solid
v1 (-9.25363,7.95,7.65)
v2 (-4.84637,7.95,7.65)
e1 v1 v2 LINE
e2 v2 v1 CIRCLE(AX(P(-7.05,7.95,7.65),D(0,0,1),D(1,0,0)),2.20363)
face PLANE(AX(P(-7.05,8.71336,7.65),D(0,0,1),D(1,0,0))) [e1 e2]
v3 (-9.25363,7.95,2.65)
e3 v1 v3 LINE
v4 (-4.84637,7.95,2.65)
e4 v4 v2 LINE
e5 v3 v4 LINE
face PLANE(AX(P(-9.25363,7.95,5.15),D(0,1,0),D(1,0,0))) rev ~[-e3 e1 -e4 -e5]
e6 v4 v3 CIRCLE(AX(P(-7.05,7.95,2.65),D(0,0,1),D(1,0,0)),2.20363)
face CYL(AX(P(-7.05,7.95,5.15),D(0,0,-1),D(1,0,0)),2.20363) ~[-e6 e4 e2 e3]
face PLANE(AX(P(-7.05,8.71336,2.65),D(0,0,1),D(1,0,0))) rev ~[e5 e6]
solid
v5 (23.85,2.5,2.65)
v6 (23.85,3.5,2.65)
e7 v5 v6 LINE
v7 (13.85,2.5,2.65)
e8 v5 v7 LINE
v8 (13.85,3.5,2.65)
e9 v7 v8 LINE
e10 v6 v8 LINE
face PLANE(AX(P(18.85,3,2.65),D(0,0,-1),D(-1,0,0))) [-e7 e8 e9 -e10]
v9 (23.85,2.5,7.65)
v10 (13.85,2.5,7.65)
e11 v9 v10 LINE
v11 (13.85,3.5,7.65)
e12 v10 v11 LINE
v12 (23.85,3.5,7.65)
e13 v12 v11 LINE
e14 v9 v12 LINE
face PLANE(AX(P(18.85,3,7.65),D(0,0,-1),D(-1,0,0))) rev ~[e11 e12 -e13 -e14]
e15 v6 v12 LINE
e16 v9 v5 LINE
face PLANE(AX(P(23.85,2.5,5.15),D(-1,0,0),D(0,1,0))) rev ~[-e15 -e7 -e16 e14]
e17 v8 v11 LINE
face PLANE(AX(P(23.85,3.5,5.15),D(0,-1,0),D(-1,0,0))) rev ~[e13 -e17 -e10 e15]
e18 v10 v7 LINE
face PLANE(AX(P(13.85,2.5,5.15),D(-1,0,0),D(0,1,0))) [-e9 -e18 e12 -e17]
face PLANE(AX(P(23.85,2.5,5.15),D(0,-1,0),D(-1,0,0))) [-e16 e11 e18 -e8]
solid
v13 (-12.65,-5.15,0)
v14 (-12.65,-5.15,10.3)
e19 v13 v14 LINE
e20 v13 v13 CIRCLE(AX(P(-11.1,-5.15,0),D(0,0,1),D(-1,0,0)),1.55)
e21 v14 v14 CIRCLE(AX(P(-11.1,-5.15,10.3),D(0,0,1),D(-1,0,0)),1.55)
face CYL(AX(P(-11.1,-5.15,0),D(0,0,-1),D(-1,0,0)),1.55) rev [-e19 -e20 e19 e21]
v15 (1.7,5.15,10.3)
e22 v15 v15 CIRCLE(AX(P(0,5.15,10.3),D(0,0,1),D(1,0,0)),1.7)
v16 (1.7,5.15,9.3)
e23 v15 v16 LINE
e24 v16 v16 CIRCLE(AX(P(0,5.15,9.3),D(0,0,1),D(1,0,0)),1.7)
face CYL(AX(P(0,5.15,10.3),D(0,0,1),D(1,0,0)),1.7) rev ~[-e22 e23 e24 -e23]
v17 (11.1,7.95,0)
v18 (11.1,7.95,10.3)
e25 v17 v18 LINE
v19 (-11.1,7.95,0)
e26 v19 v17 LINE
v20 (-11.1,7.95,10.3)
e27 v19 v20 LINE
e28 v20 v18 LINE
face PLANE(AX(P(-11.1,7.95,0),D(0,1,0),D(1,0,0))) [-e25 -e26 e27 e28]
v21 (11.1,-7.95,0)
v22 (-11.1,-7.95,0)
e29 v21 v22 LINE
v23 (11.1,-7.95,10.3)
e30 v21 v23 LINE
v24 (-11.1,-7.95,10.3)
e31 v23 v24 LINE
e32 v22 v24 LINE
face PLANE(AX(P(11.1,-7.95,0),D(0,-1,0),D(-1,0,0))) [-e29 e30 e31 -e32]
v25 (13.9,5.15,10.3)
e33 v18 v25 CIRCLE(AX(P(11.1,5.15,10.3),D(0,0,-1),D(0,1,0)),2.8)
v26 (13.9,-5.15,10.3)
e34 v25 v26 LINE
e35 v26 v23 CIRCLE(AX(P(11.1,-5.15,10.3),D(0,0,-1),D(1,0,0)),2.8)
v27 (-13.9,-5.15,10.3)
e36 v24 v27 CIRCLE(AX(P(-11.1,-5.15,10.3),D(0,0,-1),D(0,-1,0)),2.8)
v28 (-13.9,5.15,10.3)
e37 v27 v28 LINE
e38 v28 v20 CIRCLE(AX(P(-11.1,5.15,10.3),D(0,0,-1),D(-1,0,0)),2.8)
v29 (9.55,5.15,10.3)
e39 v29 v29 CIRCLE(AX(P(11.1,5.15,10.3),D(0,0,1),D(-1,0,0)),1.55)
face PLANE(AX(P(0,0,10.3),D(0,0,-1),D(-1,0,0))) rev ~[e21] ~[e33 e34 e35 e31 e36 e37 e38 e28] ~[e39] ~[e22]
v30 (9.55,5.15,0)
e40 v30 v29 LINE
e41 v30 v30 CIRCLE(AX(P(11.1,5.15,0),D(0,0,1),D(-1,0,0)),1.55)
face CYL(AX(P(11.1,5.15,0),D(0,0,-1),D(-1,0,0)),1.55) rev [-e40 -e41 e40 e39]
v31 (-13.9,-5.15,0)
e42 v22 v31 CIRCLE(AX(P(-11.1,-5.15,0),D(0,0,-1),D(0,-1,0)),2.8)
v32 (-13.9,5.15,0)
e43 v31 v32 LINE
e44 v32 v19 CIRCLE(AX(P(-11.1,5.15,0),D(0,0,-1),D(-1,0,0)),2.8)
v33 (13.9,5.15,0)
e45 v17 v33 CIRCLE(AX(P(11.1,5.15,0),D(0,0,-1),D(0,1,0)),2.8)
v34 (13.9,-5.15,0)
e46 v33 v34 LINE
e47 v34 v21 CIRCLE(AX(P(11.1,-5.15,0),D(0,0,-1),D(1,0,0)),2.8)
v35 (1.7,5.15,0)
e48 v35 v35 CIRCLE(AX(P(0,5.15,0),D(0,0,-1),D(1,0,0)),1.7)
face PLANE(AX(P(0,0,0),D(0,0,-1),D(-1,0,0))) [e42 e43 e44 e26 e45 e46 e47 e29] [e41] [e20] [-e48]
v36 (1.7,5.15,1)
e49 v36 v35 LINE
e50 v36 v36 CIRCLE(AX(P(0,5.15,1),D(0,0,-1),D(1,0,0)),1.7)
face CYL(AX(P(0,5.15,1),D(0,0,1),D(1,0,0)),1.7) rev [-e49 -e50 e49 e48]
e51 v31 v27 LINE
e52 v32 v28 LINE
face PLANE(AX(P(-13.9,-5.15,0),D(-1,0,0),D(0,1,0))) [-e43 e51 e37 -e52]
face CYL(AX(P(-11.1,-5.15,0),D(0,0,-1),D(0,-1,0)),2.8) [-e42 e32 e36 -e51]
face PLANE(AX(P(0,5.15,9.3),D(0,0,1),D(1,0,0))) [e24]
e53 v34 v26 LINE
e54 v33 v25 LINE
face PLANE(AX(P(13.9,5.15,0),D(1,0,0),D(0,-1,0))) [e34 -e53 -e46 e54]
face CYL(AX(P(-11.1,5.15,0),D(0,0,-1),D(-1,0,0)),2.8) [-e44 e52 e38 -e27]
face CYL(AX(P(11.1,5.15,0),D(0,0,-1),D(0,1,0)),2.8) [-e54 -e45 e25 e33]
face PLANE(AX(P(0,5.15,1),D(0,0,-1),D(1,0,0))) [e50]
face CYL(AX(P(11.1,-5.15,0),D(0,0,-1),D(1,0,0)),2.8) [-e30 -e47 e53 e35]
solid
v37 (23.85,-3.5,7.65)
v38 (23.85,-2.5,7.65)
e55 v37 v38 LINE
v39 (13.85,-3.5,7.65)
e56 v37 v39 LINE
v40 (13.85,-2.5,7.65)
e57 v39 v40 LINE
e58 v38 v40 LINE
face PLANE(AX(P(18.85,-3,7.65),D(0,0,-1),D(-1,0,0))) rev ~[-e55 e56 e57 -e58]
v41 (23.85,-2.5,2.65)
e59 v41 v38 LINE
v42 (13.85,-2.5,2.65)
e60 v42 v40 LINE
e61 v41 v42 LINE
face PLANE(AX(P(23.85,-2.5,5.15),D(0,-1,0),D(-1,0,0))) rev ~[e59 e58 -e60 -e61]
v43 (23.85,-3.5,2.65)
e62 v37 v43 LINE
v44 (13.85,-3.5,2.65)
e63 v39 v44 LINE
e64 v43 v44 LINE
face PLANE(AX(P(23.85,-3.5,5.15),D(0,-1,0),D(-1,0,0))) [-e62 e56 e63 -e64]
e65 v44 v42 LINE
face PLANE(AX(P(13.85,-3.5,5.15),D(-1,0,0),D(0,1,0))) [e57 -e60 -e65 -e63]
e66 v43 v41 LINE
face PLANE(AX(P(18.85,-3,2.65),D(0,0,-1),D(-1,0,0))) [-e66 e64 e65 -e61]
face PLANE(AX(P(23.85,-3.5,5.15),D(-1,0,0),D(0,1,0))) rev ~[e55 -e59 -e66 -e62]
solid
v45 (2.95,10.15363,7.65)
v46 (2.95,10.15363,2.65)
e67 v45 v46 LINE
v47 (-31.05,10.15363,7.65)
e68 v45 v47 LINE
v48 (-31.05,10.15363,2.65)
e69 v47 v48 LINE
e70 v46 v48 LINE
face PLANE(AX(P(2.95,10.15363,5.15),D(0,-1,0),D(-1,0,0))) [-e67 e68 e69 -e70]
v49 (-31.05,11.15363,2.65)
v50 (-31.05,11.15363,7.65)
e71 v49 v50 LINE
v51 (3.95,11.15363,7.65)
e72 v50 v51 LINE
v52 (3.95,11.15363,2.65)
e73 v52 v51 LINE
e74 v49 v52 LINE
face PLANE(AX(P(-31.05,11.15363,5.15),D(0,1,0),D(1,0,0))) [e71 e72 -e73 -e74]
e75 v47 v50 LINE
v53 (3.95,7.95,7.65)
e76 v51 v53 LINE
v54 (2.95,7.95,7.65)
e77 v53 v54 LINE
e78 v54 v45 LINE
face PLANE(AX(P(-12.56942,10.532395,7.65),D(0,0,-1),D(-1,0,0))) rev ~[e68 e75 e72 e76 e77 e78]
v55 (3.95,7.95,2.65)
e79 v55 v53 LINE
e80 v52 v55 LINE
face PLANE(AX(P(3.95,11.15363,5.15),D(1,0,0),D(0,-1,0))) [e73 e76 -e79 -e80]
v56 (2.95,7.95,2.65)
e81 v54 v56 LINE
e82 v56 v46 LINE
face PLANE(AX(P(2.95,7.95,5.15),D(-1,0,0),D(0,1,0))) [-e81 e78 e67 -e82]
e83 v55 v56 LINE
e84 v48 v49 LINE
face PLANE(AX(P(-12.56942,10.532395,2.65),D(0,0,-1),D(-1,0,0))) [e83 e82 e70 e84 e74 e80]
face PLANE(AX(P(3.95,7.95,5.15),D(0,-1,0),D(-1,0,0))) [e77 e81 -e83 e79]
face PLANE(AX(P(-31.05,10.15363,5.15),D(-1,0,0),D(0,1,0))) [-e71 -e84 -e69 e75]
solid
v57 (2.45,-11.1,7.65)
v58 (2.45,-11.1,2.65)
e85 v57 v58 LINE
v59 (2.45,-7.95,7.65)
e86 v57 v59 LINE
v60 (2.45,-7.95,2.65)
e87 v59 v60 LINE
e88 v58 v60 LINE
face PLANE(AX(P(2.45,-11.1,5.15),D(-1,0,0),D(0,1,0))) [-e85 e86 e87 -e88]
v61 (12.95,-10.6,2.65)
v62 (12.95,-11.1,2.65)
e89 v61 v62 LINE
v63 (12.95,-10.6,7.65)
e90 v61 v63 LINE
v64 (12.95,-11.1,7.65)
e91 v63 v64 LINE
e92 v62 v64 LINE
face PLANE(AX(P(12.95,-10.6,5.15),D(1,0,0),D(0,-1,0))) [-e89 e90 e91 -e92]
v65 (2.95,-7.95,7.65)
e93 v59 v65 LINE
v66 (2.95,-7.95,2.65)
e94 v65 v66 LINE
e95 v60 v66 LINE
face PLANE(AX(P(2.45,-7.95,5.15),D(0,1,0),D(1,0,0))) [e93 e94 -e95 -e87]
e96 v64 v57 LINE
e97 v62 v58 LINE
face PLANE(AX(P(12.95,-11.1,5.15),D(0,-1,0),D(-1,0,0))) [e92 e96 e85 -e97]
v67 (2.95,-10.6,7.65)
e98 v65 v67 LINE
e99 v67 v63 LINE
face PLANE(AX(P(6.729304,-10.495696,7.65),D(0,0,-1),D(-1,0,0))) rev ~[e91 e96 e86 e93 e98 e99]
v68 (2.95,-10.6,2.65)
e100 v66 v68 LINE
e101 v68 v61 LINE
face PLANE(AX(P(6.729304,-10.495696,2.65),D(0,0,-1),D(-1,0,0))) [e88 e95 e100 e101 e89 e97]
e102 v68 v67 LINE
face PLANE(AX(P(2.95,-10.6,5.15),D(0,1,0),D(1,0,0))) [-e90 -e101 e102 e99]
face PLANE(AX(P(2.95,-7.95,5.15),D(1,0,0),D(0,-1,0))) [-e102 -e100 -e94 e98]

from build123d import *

# Parameters (mm, degrees)
CROQUIS1_R                = 1.55
SALIENTE_EXTRUIR1_DEPTH   = 10.3
CROQUIS2_R                = 1.7
CORTAR_EXTRUIR1_DEPTH     = 1
CORTAR_EXTRUIR2_START     = -1
CROQUIS3_R                = 1.7
CORTAR_EXTRUIR2_DEPTH     = 1
SALIENTE_EXTRUIR2_DEPTH   = 2.5
SALIENTE_EXTRUIR2_2_DEPTH = 2.5
CROQUIS4_W                = 10
CROQUIS4_H                = 1
SALIENTE_EXTRUIR2_3_DEPTH = 2.5
SALIENTE_EXTRUIR2_4_DEPTH = 2.5
SALIENTE_EXTRUIR2_5_DEPTH = 2.5


with BuildPart() as part:
    # Croquis1 → Saliente-Extruir1 (new body)
    with BuildSketch(Plane.XY):
        with BuildLine():
            Line((-11.1, 7.95), (11.1, 7.95))
            ThreePointArc((11.1, 7.95), (13.079898987, 7.129898987), (13.9, 5.15))
            Line((13.9, 5.15), (13.9, -5.15))
            ThreePointArc((13.9, -5.15), (13.079898987, -7.129898987), (11.1, -7.95))
            Line((11.1, -7.95), (-11.1, -7.95))
            ThreePointArc((-11.1, -7.95), (-13.079898987, -7.129898987), (-13.9, -5.15))
            Line((-13.9, -5.15), (-13.9, 5.15))
            ThreePointArc((-13.9, 5.15), (-13.079898987, 7.129898987), (-11.1, 7.95))
        make_face()
        with Locations(Location((11.1, 5.15, 0), (0, 0, 180))):
            Circle(CROQUIS1_R, mode=Mode.SUBTRACT)
        with Locations(Location((-11.1, -5.15, 0), (0, 0, 180))):
            Circle(CROQUIS1_R, mode=Mode.SUBTRACT)
    extrude(amount=SALIENTE_EXTRUIR1_DEPTH)

    # Croquis2 → Cortar-Extruir1 (cut)
    with BuildSketch(Plane.XY.offset(10.3)):
        with Locations((0, 5.15)):
            Circle(CROQUIS2_R)
    extrude(amount=-CORTAR_EXTRUIR1_DEPTH, mode=Mode.SUBTRACT)

    # Croquis3 → Cortar-Extruir2 (cut)
    with BuildSketch(Plane(origin=(0, 0, 0), x_dir=(-1, 0, 0), z_dir=(0, 0, -1)).offset(CORTAR_EXTRUIR2_START)):
        with Locations(Location((0, 5.15, 0), (0, 0, 180))):
            Circle(CROQUIS3_R)
    extrude(amount=CORTAR_EXTRUIR2_DEPTH, mode=Mode.SUBTRACT)


with BuildPart() as body_2:
    # Croquis4 → Saliente-Extruir2 (new, symmetric)
    with BuildSketch(Plane(origin=(0, 0, 5.15), x_dir=(-1, 0, 0), z_dir=(0, 0, -1))):
        Polygon((-3.95, 7.95), (-2.95, 7.95), (-2.95, 10.153629865), (31.05, 10.153629865), (31.05, 11.153629865), (-3.95, 11.153629865), align=None)
    extrude(amount=SALIENTE_EXTRUIR2_DEPTH, both=True)


with BuildPart() as body_3:
    # Croquis4 → Saliente-Extruir2 2 (new, symmetric)
    with BuildSketch(Plane(origin=(0, 0, 5.15), x_dir=(-1, 0, 0), z_dir=(0, 0, -1))):
        with BuildLine():
            Line((9.253629865, 7.95), (4.846370135, 7.95))
            ThreePointArc((4.846370135, 7.95), (7.05, 10.153629865), (9.253629865, 7.95))
        make_face()
    extrude(amount=SALIENTE_EXTRUIR2_2_DEPTH, both=True)


with BuildPart() as body_4:
    # Croquis4 → Saliente-Extruir2 3 (new, symmetric)
    with BuildSketch(Plane(origin=(0, 0, 5.15), x_dir=(-1, 0, 0), z_dir=(0, 0, -1))):
        with Locations((-18.85, 3)):
            Rectangle(CROQUIS4_W, CROQUIS4_H)
    extrude(amount=SALIENTE_EXTRUIR2_3_DEPTH, both=True)


with BuildPart() as body_5:
    # Croquis4 → Saliente-Extruir2 4 (new, symmetric)
    with BuildSketch(Plane(origin=(0, 0, 5.15), x_dir=(-1, 0, 0), z_dir=(0, 0, -1))):
        with Locations((-18.85, -3)):
            Rectangle(CROQUIS4_W, CROQUIS4_H)
    extrude(amount=SALIENTE_EXTRUIR2_4_DEPTH, both=True)


with BuildPart() as body_6:
    # Croquis4 → Saliente-Extruir2 5 (new, symmetric)
    with BuildSketch(Plane(origin=(0, 0, 5.15), x_dir=(-1, 0, 0), z_dir=(0, 0, -1))):
        Polygon((-12.95, -11.1), (-2.45, -11.1), (-2.45, -7.95), (-2.95, -7.95), (-2.95, -10.6), (-12.95, -10.6), align=None)
    extrude(amount=SALIENTE_EXTRUIR2_5_DEPTH, both=True)


solid = Compound([part.part, body_2.part, body_3.part, body_4.part, body_5.part, body_6.part])
